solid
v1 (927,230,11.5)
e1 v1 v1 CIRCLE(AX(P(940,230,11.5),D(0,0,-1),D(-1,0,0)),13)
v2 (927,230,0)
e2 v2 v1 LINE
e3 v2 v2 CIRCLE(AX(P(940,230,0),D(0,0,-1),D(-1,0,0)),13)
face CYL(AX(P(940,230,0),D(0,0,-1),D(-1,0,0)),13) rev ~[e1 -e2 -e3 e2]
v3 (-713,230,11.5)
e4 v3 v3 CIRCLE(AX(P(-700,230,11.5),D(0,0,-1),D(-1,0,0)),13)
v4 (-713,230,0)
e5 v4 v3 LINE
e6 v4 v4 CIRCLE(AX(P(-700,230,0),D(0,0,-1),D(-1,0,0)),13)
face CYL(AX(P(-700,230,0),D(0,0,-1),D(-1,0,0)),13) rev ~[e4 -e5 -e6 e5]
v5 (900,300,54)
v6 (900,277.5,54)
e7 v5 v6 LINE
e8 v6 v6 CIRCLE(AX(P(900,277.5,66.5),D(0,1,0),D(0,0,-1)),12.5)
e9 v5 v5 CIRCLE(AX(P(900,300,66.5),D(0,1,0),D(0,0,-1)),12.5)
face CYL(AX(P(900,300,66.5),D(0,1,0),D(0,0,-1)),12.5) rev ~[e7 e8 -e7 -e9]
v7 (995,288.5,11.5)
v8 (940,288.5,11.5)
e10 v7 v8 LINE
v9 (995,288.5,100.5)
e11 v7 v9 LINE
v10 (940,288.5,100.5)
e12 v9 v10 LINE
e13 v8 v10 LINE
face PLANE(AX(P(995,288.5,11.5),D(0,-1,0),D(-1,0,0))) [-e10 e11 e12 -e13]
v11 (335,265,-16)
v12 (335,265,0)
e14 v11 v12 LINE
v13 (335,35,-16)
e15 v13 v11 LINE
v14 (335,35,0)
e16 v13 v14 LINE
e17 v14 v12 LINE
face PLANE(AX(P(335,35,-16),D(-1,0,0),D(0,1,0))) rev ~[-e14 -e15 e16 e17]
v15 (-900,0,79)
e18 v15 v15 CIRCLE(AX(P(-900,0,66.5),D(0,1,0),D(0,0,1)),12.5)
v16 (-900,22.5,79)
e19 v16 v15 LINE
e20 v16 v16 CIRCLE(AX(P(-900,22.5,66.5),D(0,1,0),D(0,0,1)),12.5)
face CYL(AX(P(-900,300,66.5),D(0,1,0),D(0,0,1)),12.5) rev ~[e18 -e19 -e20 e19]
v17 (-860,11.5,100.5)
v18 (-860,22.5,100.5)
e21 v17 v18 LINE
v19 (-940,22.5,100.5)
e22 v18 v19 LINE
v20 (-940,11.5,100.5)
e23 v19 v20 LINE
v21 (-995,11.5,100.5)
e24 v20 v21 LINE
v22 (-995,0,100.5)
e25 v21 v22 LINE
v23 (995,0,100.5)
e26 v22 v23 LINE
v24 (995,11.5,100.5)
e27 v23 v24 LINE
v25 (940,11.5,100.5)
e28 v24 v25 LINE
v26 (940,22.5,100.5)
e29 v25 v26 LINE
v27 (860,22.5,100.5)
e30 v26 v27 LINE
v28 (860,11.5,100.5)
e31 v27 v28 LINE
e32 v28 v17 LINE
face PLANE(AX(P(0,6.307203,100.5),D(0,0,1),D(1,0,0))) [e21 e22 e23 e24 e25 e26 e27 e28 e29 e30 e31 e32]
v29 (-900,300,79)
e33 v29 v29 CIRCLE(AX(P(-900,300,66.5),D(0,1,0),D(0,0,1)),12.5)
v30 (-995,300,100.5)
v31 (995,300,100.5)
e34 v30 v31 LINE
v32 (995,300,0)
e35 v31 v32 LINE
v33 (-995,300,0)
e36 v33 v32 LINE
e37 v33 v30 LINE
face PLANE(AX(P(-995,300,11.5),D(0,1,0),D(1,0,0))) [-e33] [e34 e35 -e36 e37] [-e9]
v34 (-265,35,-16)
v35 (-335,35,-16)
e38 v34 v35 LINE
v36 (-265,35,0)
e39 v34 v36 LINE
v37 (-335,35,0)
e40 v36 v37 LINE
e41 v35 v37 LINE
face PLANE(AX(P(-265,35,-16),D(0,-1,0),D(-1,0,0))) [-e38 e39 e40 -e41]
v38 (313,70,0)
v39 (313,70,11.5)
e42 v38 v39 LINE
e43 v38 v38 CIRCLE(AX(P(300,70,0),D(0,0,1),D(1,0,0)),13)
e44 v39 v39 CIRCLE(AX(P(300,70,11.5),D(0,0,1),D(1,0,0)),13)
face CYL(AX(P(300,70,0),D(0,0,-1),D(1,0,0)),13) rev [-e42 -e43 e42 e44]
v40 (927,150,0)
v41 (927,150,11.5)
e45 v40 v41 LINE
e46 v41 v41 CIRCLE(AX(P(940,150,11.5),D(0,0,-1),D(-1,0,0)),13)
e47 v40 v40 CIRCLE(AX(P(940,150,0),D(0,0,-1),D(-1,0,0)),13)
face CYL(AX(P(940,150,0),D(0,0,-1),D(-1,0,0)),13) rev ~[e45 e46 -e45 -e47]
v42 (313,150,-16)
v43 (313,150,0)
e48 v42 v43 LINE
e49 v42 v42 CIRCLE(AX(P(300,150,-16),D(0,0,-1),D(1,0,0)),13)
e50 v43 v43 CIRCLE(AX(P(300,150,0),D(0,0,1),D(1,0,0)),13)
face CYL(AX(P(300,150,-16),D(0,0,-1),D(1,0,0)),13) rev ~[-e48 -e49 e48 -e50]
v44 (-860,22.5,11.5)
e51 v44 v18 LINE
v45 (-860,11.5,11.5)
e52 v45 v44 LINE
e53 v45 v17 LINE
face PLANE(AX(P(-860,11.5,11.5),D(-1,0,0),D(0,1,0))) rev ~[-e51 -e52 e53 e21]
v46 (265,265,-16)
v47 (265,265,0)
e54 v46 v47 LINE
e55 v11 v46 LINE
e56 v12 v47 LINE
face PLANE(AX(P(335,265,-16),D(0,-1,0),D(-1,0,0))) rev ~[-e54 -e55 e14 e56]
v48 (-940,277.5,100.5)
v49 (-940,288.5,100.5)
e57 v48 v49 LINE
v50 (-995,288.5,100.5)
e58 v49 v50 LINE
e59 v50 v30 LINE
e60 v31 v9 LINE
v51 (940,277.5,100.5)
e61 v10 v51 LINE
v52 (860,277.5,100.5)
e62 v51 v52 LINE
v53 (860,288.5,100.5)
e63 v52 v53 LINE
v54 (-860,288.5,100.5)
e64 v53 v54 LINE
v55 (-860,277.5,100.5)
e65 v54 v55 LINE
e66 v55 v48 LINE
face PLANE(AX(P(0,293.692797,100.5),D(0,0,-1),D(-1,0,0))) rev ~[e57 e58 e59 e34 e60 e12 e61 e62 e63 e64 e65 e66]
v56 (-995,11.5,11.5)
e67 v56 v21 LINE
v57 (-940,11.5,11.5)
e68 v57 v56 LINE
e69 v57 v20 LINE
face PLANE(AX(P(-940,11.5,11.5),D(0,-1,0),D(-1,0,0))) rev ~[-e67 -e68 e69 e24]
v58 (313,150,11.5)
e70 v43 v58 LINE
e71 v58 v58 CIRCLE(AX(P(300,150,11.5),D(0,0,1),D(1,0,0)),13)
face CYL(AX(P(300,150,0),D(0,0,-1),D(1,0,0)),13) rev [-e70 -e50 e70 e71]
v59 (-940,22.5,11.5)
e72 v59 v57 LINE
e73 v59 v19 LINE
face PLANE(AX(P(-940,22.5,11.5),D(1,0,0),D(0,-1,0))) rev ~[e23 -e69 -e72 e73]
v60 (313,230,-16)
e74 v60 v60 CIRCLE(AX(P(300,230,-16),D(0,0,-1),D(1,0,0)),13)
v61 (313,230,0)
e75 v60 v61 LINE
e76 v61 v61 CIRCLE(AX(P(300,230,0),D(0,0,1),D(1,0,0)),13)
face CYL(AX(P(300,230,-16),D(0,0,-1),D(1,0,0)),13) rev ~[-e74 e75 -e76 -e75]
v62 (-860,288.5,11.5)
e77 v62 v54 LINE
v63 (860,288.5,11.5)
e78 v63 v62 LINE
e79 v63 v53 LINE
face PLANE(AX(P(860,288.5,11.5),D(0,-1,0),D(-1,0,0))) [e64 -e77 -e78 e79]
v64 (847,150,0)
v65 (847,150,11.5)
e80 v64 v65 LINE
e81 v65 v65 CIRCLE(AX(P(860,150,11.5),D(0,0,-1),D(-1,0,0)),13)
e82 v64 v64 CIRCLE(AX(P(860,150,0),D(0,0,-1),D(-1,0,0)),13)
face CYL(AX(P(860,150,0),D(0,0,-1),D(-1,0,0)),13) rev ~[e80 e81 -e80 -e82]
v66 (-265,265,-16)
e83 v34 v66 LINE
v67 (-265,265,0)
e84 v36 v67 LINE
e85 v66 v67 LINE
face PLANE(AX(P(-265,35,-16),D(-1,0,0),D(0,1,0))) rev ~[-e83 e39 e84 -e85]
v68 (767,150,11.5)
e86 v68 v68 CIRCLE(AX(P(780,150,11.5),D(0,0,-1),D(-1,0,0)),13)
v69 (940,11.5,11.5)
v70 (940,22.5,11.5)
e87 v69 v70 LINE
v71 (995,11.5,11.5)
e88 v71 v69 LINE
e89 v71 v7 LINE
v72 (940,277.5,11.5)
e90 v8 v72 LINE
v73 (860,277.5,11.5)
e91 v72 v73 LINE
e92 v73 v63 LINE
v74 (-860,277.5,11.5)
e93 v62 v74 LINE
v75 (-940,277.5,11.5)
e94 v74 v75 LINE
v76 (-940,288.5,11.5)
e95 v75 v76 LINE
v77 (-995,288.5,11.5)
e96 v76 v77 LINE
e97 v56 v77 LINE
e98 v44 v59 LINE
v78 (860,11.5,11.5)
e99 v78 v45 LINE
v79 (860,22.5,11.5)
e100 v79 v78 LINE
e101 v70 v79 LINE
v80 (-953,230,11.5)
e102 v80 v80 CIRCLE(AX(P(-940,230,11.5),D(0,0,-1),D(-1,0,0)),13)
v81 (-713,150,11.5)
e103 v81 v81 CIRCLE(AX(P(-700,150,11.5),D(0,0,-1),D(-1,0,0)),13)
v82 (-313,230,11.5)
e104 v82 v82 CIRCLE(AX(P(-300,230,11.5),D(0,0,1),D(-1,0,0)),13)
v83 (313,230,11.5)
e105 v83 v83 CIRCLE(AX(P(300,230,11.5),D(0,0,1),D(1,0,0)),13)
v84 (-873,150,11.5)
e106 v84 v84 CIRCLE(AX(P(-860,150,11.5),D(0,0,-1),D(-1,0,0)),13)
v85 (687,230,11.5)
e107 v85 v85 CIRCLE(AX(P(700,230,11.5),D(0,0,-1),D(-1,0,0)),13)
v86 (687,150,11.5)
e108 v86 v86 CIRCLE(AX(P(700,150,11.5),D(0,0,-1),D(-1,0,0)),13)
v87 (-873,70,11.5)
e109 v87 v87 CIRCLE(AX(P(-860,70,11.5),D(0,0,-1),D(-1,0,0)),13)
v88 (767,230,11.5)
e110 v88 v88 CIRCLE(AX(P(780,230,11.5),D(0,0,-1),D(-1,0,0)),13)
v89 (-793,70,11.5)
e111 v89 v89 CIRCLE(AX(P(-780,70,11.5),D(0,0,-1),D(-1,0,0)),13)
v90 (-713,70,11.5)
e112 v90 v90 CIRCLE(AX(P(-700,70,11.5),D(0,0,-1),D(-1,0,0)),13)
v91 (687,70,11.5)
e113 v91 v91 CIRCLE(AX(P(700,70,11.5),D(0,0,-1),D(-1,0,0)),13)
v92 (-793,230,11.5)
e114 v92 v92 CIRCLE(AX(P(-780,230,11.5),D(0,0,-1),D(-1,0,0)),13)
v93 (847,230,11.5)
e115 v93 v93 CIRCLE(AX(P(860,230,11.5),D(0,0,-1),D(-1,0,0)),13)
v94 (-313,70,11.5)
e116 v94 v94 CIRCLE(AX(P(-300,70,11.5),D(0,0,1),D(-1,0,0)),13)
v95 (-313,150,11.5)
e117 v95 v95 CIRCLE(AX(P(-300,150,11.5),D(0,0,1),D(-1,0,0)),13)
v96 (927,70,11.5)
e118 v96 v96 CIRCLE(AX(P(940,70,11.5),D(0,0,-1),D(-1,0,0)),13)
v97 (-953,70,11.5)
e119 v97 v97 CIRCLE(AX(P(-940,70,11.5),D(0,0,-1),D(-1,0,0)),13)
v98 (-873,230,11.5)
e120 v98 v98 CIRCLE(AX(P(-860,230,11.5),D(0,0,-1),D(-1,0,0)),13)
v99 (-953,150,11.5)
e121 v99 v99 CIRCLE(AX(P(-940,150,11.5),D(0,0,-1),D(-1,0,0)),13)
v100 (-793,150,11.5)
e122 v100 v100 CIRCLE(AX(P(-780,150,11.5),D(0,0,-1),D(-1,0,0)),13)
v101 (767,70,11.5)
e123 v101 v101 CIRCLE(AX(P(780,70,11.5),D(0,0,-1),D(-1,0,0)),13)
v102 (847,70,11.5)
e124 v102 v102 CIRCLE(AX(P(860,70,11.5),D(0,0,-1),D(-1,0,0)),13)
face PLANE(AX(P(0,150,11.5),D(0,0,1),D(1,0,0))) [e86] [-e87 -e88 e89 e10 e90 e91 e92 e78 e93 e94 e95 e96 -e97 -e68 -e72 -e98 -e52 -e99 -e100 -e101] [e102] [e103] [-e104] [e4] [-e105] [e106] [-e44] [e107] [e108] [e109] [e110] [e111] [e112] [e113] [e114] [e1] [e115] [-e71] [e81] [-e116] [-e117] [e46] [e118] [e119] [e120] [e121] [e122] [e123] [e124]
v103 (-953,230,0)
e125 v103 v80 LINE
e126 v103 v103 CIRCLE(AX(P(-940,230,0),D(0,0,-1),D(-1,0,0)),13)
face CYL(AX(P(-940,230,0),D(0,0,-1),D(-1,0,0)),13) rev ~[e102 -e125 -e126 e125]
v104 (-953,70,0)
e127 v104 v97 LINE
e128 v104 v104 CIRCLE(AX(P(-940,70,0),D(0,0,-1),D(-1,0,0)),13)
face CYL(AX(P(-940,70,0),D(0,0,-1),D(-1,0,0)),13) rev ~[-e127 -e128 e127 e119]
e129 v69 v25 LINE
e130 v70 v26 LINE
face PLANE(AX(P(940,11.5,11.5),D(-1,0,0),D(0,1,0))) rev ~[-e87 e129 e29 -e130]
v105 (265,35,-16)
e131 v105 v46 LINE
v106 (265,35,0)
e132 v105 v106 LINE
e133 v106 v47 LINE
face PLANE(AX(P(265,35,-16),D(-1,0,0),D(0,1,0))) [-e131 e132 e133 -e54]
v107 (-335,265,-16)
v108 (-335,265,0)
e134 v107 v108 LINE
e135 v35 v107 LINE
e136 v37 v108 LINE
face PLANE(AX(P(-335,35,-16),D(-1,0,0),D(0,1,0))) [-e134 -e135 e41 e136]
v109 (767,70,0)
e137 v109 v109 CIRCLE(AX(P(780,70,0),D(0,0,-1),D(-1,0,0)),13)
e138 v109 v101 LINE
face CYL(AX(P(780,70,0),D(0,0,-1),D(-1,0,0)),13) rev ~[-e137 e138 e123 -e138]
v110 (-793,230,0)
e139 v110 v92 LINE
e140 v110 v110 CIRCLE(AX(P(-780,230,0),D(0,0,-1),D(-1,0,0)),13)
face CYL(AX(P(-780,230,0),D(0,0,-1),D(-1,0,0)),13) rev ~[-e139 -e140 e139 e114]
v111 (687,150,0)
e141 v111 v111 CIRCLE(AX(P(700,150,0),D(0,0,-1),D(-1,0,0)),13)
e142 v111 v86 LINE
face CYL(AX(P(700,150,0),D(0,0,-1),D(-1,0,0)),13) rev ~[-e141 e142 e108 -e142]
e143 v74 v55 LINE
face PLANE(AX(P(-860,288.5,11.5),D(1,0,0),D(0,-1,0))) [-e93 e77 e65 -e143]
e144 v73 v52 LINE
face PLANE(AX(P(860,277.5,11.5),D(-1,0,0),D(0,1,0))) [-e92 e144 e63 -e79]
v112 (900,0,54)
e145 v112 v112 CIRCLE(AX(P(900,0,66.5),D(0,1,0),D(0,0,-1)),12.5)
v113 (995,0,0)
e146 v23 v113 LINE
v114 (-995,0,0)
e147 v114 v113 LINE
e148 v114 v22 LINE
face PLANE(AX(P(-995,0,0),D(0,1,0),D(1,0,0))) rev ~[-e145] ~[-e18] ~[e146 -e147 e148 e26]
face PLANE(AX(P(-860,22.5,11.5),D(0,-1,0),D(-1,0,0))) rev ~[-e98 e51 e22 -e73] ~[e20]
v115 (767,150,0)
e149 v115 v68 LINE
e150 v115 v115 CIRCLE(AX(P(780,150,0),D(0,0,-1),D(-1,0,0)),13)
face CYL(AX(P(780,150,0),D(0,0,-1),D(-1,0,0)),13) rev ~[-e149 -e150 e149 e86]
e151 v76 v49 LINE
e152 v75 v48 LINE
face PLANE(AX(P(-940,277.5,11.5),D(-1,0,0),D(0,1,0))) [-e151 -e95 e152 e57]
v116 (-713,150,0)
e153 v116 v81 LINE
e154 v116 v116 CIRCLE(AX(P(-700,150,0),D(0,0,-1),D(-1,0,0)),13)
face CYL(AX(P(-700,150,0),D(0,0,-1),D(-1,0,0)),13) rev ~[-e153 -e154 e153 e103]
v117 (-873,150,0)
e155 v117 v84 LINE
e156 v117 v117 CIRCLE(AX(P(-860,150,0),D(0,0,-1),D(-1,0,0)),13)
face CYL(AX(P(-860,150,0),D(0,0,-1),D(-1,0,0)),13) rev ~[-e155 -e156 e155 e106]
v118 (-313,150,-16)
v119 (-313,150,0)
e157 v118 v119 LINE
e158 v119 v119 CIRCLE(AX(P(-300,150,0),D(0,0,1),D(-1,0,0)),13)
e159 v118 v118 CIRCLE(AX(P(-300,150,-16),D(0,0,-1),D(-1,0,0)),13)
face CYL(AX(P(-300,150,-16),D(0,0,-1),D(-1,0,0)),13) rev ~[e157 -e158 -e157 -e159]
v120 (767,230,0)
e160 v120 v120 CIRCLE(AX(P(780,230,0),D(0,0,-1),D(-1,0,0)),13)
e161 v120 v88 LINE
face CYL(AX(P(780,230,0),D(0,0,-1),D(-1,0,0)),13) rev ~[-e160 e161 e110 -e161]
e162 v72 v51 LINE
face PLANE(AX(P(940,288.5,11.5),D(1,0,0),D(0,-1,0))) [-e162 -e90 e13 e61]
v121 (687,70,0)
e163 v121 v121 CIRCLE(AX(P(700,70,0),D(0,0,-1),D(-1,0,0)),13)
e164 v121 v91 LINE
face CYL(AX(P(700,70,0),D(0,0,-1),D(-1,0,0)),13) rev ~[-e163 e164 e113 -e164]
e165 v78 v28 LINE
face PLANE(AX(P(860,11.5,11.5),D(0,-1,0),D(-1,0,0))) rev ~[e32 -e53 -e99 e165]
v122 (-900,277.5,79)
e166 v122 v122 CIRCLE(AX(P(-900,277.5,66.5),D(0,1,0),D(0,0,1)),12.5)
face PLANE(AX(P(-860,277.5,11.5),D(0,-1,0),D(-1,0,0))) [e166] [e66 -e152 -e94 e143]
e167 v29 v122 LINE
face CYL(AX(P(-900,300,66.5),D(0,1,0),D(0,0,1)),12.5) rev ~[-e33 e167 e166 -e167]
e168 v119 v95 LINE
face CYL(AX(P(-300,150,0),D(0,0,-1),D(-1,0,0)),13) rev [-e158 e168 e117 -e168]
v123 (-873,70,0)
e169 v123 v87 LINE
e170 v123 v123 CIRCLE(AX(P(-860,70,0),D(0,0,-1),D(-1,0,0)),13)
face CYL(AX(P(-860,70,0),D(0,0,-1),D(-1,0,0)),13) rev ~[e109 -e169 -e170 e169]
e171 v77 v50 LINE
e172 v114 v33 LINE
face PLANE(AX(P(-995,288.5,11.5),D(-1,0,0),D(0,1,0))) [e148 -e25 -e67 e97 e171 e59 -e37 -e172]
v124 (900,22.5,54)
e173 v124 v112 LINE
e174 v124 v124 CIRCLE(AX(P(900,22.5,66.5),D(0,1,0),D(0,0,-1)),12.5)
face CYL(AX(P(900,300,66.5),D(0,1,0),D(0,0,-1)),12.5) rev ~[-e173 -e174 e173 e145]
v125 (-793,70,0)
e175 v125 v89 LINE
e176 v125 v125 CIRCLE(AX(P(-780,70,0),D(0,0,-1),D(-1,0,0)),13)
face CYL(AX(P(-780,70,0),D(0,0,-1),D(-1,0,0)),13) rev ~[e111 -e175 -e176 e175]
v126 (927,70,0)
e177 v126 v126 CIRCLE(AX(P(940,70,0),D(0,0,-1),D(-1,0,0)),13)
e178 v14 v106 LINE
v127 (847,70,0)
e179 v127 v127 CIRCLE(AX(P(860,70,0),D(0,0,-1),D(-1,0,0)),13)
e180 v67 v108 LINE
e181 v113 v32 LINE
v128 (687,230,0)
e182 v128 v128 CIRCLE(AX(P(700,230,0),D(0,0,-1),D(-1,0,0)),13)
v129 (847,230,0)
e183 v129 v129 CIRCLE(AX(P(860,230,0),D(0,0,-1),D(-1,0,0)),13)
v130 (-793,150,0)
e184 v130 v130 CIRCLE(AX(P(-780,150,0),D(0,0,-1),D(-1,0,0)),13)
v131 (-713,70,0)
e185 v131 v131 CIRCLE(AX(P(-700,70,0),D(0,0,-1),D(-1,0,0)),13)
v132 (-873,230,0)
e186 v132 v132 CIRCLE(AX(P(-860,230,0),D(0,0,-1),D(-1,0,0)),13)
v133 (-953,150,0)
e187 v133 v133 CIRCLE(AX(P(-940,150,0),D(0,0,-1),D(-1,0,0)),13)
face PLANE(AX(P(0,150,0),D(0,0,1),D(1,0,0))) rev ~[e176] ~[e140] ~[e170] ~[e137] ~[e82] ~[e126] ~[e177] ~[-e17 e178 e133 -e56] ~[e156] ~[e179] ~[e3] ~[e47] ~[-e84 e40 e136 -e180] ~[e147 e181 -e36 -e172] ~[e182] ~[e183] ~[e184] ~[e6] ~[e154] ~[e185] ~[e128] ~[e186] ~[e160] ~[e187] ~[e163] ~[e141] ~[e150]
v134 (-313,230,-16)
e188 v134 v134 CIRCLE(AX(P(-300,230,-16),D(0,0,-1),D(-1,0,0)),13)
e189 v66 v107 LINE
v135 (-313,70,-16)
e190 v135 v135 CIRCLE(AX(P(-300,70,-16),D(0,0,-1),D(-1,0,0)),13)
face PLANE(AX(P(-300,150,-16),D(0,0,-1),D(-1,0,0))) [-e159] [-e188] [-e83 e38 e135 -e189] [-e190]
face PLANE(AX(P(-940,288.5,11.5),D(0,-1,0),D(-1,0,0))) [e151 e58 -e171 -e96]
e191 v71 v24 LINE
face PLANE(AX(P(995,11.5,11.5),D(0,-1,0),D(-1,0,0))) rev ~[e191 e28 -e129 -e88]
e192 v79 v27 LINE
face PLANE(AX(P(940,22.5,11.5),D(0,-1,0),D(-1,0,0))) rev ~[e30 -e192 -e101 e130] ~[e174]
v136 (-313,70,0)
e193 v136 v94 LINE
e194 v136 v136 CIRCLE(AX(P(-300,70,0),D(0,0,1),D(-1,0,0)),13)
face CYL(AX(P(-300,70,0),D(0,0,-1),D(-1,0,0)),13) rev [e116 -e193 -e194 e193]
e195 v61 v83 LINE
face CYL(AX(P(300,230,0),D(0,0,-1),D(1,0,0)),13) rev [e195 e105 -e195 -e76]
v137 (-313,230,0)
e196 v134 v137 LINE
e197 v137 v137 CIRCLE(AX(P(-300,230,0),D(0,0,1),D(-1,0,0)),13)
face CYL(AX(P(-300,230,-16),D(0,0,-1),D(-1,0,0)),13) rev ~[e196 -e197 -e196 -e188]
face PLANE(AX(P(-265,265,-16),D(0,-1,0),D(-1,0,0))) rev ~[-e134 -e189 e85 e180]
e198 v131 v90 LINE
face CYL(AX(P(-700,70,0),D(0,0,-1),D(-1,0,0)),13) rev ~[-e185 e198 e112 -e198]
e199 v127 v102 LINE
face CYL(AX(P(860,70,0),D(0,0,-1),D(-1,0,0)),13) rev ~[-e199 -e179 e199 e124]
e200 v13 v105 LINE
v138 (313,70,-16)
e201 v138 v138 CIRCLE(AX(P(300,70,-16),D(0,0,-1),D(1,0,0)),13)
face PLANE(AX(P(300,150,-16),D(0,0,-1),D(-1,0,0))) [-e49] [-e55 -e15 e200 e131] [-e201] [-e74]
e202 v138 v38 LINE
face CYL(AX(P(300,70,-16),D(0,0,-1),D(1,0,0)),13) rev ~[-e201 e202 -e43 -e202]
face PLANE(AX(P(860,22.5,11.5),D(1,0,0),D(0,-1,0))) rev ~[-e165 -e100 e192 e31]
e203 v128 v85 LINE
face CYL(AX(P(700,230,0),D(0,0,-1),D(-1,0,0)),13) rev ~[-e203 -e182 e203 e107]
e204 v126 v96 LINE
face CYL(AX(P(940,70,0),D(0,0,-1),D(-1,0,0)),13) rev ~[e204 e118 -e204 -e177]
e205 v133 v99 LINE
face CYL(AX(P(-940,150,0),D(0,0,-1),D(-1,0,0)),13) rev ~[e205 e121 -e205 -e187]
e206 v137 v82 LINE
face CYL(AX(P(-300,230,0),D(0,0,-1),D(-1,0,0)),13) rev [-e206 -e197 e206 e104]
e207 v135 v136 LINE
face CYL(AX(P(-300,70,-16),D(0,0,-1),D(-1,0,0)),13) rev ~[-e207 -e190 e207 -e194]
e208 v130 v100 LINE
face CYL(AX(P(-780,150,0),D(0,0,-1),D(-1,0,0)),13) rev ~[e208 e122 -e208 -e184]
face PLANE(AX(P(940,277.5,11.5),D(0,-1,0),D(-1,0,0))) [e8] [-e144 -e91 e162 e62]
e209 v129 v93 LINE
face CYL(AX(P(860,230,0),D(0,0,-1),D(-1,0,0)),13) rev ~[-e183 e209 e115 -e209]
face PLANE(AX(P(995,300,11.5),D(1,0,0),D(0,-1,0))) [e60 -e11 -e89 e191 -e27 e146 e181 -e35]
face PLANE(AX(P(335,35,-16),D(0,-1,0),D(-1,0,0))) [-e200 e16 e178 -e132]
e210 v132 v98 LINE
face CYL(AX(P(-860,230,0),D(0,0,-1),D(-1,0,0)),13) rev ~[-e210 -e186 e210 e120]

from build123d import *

# Parameters (mm, degrees)
SKETCH_1_W             = 1990
SKETCH_1_H             = 300
SKETCH_1_R             = 13
EXTRUDE_392_DEPTH      = 11.5
EXTRUDE_1_DEPTH        = 89
SKETCH_3_R             = 13
CUT_EXTRUDE_1_DEPTH    = 1045.090633039
PATTERN_LINEAR_1_COUNT = 3
PATTERN_LINEAR_1_PITCH = 80
EXTRUDE_START          = 16
SKETCH_7_W             = 70
SKETCH_7_H             = 230
SKETCH_7_R             = 13
EXTRUDE_2_DEPTH        = 16
SKETCH_8_R             = 12.5
CUT_EXTRUDE_2_DEPTH    = 1045.090633039


with BuildPart() as part:
    # 草图1 → Extrude 392 (new body)
    with BuildSketch(Plane.XY):
        with Locations((0, 150)):
            Rectangle(SKETCH_1_W, SKETCH_1_H)
        with Locations((300, 230)):
            Circle(SKETCH_1_R, mode=Mode.SUBTRACT)
        with Locations((300, 150)):
            Circle(SKETCH_1_R, mode=Mode.SUBTRACT)
        with Locations((300, 70)):
            Circle(SKETCH_1_R, mode=Mode.SUBTRACT)
        with Locations(Location((-300, 70, 0), (0, 0, 180))):
            Circle(SKETCH_1_R, mode=Mode.SUBTRACT)
        with Locations(Location((-300, 150, 0), (0, 0, 180))):
            Circle(SKETCH_1_R, mode=Mode.SUBTRACT)
        with Locations(Location((-300, 230, 0), (0, 0, 180))):
            Circle(SKETCH_1_R, mode=Mode.SUBTRACT)
    extrude(amount=EXTRUDE_392_DEPTH)

    # 草图2 → 凸台-拉伸1 (add)
    with BuildSketch(Plane.XY.offset(11.5)):
        Polygon((-995, 300), (995, 300), (995, 288.5), (940, 288.5), (940, 277.5), (860, 277.5), (860, 288.5), (-860, 288.5), (-860, 277.5), (-940, 277.5), (-940, 288.5), (-995, 288.5), align=None)
        Polygon((-995, 0), (995, 0), (995, 11.5), (940, 11.5), (940, 22.5), (860, 22.5), (860, 11.5), (-860, 11.5), (-860, 22.5), (-940, 22.5), (-940, 11.5), (-995, 11.5), align=None)
    extrude(amount=EXTRUDE_1_DEPTH)

    # 草图3 → 切除-拉伸1 (cut, through all)
    with BuildSketch(Plane(origin=(0, 0, 0), x_dir=(-1, 0, 0), z_dir=(0, 0, -1))):
        with Locations((940, 70)):
            Circle(SKETCH_3_R)
        with Locations((860, 70)):
            Circle(SKETCH_3_R)
        with Locations((780, 70)):
            Circle(SKETCH_3_R)
        with Locations((700, 70)):
            Circle(SKETCH_3_R)
        with Locations((-940, 70)):
            Circle(SKETCH_3_R)
        with Locations((-860, 70)):
            Circle(SKETCH_3_R)
        with Locations((-780, 70)):
            Circle(SKETCH_3_R)
        with Locations((-700, 70)):
            Circle(SKETCH_3_R)
    cut_extrude_1 = extrude(amount=-CUT_EXTRUDE_1_DEPTH, mode=Mode.SUBTRACT)

    # 阵列(线性)1: 切除-拉伸1 ×3
    with Locations(*[(0, i * PATTERN_LINEAR_1_PITCH, 0) for i in range(1, PATTERN_LINEAR_1_COUNT)]):
        add(cut_extrude_1, mode=Mode.SUBTRACT)

    # 草图7 → 凸台-拉伸2 (add)
    # profile 1 of 2: a face of its own
    with BuildSketch(Plane(origin=(0, 0, 0), x_dir=(-1, 0, 0), z_dir=(0, 0, -1)).offset(EXTRUDE_START)):
        with Locations((300, 150)):
            Rectangle(SKETCH_7_W, SKETCH_7_H)
        with Locations((300, 230)):
            Circle(SKETCH_7_R, mode=Mode.SUBTRACT)
        with Locations((300, 150)):
            Circle(SKETCH_7_R, mode=Mode.SUBTRACT)
        with Locations((300, 70)):
            Circle(SKETCH_7_R, mode=Mode.SUBTRACT)
    # profile 2 of 2: a face of its own
    with BuildSketch(Plane(origin=(0, 0, 0), x_dir=(-1, 0, 0), z_dir=(0, 0, -1)).offset(EXTRUDE_START)):
        with Locations((-300, 150)):
            Rectangle(SKETCH_7_W, SKETCH_7_H)
        with Locations(Location((-300, 70, 0), (0, 0, 180))):
            Circle(SKETCH_7_R, mode=Mode.SUBTRACT)
        with Locations(Location((-300, 150, 0), (0, 0, 180))):
            Circle(SKETCH_7_R, mode=Mode.SUBTRACT)
        with Locations(Location((-300, 230, 0), (0, 0, 180))):
            Circle(SKETCH_7_R, mode=Mode.SUBTRACT)
    extrude(amount=-EXTRUDE_2_DEPTH)

    # 草图8 → 切除-拉伸2 (cut, through all)
    with BuildSketch(Plane(origin=(0, 300, 0), x_dir=(-1, 0, 0), z_dir=(0, 1, 0))):
        with Locations(Location((900, 66.5, 0), (0, 0, 90))):
            Circle(SKETCH_8_R)
        with Locations(Location((-900, 66.5, 0), (0, 0, 270))):
            Circle(SKETCH_8_R)
    extrude(amount=-CUT_EXTRUDE_2_DEPTH, mode=Mode.SUBTRACT)


solid = part.part
